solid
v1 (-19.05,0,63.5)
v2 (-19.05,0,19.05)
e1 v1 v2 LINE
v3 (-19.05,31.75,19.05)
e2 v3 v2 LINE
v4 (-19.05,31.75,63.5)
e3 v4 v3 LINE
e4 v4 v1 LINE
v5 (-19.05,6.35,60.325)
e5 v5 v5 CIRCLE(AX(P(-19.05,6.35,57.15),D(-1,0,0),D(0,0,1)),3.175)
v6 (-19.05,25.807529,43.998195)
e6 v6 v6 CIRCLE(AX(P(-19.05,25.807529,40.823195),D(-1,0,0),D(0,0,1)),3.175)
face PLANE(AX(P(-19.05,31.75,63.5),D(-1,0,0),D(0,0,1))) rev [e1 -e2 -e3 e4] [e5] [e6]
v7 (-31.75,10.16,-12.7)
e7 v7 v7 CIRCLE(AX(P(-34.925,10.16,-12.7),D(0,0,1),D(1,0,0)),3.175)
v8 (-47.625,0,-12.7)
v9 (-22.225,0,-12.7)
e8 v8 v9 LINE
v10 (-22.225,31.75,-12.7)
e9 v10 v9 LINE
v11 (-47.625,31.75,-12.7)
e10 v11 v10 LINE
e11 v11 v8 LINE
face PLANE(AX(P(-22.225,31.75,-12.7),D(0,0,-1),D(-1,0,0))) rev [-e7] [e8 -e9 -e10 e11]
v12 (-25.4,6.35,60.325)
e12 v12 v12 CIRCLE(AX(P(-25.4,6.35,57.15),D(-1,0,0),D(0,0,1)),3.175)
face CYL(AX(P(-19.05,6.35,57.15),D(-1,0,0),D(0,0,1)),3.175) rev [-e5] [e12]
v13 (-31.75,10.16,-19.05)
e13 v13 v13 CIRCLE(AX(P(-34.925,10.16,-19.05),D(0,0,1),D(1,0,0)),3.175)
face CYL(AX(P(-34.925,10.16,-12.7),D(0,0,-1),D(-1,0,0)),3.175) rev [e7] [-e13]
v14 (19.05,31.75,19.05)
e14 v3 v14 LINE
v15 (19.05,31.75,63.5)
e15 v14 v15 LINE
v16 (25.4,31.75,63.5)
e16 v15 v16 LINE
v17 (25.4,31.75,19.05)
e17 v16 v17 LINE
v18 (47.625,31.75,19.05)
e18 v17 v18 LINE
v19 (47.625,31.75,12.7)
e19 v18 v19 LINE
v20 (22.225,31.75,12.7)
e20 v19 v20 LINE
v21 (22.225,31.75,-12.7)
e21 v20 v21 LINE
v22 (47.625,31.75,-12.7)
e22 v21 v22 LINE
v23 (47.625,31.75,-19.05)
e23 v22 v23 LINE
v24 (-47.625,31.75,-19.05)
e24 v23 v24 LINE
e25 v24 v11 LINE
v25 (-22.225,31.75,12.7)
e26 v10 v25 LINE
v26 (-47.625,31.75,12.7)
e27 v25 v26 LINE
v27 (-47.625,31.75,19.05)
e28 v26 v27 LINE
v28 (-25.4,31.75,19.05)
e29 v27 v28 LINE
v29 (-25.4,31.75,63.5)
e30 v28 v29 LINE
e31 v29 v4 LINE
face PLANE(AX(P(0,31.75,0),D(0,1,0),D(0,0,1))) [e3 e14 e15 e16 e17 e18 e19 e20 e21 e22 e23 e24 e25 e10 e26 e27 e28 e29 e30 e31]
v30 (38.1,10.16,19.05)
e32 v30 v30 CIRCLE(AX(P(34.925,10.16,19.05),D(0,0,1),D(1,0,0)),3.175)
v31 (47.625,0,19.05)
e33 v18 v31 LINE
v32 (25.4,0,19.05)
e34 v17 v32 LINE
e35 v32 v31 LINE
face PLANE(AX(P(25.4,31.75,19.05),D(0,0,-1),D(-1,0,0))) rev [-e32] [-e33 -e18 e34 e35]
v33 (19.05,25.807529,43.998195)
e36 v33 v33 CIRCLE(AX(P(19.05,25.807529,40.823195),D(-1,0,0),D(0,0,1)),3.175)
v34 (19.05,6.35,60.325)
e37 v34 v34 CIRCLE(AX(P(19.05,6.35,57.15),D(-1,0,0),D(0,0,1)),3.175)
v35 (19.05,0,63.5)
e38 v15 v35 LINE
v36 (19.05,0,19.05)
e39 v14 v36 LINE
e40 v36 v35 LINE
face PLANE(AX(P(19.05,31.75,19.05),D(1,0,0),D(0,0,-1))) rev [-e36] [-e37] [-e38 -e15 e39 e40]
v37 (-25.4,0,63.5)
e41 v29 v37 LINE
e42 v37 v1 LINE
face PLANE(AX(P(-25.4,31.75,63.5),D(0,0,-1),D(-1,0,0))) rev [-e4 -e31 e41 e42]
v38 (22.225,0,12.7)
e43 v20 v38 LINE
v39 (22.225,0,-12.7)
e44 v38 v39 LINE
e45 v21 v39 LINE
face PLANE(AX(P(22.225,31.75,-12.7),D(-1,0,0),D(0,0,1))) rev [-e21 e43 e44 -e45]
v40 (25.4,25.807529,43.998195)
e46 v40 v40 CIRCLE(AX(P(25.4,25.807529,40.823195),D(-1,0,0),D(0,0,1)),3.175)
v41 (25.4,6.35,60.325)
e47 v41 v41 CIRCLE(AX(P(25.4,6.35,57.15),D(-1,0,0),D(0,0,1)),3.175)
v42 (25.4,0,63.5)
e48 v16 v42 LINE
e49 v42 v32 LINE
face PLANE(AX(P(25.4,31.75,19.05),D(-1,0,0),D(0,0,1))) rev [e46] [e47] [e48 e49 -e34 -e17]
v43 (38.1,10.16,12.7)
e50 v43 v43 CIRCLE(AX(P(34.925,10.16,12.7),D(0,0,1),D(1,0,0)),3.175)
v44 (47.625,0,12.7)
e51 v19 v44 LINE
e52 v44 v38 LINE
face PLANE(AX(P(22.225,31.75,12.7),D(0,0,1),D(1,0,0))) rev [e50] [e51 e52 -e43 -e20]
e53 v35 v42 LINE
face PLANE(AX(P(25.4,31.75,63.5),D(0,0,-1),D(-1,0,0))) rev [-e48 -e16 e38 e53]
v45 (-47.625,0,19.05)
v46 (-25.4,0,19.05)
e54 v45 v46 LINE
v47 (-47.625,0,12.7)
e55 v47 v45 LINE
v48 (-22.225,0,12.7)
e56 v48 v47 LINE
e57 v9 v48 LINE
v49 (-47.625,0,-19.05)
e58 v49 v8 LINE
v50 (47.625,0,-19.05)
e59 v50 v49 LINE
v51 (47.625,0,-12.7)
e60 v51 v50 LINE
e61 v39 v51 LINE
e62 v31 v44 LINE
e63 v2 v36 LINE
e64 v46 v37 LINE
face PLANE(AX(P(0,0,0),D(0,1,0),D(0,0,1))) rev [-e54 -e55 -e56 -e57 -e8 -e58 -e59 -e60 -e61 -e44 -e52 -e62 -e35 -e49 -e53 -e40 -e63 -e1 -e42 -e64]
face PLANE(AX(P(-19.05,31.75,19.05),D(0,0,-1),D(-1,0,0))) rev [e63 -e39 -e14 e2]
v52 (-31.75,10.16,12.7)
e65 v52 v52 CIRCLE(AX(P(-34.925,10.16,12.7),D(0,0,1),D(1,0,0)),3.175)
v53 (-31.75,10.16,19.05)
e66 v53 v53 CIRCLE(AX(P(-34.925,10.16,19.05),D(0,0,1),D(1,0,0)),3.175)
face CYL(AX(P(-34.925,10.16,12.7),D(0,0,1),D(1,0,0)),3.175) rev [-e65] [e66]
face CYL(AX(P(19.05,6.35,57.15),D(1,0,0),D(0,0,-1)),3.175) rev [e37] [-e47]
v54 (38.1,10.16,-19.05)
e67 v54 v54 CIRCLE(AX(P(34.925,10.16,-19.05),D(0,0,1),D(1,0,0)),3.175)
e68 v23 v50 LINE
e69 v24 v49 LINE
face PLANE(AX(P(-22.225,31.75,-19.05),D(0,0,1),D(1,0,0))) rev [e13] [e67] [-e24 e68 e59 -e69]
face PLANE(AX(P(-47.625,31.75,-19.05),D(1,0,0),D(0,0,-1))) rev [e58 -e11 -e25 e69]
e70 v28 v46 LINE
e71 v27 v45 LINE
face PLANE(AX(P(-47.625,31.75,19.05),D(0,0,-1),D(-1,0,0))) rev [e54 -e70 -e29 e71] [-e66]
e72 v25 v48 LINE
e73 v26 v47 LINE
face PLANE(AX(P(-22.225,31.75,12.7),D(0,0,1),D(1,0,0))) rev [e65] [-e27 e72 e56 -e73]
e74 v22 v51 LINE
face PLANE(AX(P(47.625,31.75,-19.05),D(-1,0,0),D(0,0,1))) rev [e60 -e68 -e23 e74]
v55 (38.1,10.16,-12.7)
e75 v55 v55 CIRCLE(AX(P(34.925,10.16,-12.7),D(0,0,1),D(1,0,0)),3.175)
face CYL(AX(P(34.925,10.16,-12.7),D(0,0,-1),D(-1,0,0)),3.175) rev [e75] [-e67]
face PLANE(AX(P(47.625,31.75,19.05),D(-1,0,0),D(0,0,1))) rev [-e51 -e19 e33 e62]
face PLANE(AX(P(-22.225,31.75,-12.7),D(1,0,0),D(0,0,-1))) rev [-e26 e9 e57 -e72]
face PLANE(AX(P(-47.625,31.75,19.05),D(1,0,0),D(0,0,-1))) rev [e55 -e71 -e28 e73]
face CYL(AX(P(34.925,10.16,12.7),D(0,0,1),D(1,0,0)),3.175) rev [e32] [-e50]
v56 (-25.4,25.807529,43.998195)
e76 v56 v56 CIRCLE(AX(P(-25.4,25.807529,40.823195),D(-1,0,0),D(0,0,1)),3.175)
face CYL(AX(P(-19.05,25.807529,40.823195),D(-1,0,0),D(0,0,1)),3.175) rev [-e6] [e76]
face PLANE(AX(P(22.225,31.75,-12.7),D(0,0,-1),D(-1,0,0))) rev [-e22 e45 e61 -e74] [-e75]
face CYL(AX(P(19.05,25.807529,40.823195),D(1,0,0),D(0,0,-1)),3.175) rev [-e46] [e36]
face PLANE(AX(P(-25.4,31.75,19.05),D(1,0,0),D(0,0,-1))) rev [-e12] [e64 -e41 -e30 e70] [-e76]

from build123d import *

# Parameters (mm, degrees)
BOSS_EXTRUDE1_DEPTH = 31.75
SKETCH2_R           = 3.175
CUT_EXTRUDE1_DEPTH  = 6.35
SKETCH4_R           = 3.175
CUT_EXTRUDE2_DEPTH  = 6.35


with BuildPart() as part:
    # Sketch1 → Boss-Extrude1 (new body)
    with BuildSketch(Plane(origin=(0, 0, 0), x_dir=(1, 0, 0), z_dir=(0, 1, 0))):
        Polygon((-22.225, 19.05), (22.225, 19.05), (47.625, 19.05), (47.625, 12.7), (22.225, 12.7), (22.225, -12.7), (47.625, -12.7), (47.625, -19.05), (25.4, -19.05), (25.4, -63.5), (19.05, -63.5), (19.05, -19.05), (-19.05, -19.05), (-19.05, -63.5), (-25.4, -63.5), (-25.4, -19.05), (-47.625, -19.05), (-47.625, -12.7), (-22.225, -12.7), (-22.225, 12.7), (-47.625, 12.7), (-47.625, 19.05), align=None)
    extrude(amount=BOSS_EXTRUDE1_DEPTH)

    # Sketch2 → Cut-Extrude1 (cut)
    with BuildSketch(Plane.XY.offset(19.05)):
        with Locations((34.925, 10.16)):
            Circle(SKETCH2_R)
        with Locations((-34.925, 10.16)):
            Circle(SKETCH2_R)
    cut_extrude1 = extrude(amount=-CUT_EXTRUDE1_DEPTH, mode=Mode.SUBTRACT)

    # Mirror1: Cut-Extrude1 across plane
    add(cut_extrude1.mirror(Plane.XY), mode=Mode.SUBTRACT)

    # Sketch4 → Cut-Extrude2 (cut)
    with BuildSketch(Plane.ZY.offset(25.4)):
        with Locations((40.823194714, 25.807528855)):
            Circle(SKETCH4_R)
        with Locations((57.15, 6.35)):
            Circle(SKETCH4_R)
    cut_extrude2 = extrude(amount=-CUT_EXTRUDE2_DEPTH, mode=Mode.SUBTRACT)

    # Mirror2: Cut-Extrude2 across plane
    add(cut_extrude2.mirror(Plane(origin=(0, 0, 0), x_dir=(0, 0, 1), z_dir=(1, 0, 0))), mode=Mode.SUBTRACT)


solid = part.part
